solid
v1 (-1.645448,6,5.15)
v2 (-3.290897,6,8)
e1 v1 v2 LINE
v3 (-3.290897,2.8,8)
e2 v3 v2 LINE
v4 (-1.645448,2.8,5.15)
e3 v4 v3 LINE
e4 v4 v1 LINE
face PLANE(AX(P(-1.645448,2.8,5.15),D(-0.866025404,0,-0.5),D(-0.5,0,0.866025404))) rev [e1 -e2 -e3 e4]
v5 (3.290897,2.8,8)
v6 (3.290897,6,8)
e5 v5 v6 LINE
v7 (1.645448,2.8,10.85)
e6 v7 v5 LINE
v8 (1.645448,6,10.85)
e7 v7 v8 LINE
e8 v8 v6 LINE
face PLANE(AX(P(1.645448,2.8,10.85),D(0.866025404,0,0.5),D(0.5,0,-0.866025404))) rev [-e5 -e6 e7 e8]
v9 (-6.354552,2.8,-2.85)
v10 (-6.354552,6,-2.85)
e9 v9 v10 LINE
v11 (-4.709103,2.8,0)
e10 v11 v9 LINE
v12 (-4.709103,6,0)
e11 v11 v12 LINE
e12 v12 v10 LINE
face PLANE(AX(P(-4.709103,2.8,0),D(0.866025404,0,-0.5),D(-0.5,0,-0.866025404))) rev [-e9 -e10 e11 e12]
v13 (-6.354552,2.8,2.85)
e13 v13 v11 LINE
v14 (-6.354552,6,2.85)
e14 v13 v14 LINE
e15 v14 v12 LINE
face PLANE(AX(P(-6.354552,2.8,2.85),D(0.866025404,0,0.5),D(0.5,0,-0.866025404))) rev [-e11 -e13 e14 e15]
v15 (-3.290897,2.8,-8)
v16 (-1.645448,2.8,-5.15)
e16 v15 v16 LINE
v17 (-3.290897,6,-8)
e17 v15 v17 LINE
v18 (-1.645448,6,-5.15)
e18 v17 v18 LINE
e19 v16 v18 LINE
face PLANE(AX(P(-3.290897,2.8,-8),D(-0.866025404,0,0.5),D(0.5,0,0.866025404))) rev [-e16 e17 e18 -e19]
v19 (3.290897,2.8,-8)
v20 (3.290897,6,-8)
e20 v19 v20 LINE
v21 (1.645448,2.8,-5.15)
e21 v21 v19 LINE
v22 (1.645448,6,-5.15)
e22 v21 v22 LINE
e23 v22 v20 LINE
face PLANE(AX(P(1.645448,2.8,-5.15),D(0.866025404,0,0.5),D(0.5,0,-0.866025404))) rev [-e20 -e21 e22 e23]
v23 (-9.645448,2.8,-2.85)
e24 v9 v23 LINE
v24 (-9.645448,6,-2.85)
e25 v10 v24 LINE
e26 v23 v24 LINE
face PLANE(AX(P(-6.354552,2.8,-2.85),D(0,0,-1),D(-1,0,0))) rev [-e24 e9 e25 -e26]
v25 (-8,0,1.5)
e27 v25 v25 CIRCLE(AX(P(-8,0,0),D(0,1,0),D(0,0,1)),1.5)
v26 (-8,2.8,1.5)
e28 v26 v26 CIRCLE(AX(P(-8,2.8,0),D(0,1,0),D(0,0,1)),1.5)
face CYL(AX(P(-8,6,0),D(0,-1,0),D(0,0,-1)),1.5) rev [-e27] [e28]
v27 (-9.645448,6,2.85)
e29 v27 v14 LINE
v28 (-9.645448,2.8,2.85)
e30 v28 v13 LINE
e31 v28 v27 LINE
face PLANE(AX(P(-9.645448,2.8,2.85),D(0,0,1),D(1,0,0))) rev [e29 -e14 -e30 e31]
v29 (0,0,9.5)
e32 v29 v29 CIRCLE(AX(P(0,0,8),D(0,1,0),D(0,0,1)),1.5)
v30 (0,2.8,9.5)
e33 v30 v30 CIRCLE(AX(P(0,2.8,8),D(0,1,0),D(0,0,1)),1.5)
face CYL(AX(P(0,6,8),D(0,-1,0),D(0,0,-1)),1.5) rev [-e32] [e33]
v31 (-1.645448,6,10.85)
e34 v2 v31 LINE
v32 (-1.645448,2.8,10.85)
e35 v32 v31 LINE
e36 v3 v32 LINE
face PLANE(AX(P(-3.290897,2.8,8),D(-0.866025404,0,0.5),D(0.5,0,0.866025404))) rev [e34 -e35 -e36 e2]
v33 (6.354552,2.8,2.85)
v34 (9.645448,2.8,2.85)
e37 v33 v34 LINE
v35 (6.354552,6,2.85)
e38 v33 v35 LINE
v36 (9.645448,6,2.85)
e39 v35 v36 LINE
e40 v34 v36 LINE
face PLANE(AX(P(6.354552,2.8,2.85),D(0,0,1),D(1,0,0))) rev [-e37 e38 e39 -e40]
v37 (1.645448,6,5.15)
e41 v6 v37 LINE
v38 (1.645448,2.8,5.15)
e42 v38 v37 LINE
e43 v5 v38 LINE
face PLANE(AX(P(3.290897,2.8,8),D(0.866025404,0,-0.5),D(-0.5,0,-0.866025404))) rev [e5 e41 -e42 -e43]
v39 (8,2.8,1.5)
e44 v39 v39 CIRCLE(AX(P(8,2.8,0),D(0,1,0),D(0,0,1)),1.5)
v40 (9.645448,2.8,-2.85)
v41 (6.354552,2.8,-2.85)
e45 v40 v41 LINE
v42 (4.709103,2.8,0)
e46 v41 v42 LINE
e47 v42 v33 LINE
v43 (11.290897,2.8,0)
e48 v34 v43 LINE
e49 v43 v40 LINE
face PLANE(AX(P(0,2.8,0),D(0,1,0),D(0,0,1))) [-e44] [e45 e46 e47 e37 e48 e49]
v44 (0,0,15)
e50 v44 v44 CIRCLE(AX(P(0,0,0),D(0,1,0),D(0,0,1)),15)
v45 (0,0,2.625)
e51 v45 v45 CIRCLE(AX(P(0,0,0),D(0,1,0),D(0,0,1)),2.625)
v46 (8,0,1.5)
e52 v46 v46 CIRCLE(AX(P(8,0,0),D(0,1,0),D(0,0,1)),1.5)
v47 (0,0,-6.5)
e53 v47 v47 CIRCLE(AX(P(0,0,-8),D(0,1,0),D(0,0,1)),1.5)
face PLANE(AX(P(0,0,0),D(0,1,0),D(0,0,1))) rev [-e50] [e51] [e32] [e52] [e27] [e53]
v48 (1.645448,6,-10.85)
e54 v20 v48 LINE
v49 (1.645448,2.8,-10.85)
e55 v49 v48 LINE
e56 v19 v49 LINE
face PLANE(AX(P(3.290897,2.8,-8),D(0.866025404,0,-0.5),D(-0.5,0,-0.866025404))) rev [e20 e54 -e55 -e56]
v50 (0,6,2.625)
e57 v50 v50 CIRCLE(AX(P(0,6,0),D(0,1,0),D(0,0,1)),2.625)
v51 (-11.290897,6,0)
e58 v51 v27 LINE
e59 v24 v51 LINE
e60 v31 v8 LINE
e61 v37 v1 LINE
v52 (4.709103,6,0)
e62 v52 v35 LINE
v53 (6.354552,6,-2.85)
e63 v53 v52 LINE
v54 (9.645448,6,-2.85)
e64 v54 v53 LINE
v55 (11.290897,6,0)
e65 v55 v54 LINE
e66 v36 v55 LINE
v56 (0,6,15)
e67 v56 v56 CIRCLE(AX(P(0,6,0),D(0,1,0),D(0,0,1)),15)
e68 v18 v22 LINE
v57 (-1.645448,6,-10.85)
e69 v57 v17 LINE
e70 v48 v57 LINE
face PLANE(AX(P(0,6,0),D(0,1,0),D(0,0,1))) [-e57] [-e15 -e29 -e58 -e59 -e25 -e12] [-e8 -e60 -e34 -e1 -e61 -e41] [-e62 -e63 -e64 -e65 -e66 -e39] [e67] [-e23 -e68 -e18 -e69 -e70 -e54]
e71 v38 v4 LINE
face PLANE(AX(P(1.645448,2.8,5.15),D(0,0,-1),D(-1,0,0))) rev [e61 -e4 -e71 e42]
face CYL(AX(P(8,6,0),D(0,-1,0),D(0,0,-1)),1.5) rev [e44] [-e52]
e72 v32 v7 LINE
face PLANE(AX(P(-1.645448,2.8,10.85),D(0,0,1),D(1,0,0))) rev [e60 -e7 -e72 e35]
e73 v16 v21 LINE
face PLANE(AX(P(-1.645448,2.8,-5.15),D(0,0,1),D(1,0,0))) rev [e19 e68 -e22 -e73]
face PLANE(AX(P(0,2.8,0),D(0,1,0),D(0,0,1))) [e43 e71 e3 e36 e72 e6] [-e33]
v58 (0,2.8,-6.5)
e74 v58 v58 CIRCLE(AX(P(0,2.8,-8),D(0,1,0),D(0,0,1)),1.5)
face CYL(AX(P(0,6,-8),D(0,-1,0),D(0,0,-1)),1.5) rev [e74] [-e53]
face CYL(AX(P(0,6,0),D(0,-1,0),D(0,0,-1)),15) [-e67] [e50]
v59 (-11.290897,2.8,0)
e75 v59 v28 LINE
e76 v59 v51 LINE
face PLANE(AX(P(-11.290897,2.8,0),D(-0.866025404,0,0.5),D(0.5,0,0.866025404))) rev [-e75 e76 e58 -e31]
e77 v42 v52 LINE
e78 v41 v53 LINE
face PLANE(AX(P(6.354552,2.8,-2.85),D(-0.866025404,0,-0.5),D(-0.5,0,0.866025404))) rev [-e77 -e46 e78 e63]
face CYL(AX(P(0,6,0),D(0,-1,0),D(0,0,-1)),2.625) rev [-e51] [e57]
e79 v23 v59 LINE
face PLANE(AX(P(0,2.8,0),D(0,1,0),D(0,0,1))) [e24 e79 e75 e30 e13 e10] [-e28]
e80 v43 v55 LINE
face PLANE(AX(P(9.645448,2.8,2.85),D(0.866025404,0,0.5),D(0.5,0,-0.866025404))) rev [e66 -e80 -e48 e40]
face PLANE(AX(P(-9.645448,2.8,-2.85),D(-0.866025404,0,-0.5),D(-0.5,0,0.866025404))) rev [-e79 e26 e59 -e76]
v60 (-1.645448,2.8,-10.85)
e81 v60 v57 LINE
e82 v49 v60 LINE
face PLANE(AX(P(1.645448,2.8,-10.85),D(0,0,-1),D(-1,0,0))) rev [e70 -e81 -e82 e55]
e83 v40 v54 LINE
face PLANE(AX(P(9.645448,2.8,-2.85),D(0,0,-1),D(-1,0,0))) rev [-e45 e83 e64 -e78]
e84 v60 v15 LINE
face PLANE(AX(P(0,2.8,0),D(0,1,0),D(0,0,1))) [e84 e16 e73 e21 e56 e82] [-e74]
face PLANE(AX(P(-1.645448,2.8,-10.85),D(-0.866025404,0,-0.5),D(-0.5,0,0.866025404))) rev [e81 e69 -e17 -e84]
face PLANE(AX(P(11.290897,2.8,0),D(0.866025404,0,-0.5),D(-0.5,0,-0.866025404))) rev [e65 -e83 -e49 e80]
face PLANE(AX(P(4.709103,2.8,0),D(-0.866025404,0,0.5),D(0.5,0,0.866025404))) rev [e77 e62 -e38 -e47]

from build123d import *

# Parameters (mm, degrees)
SKETCH1_R           = 15
SKETCH1_R_2         = 1.5
SKETCH1_R_3         = 2.625
BOSS_EXTRUDE1_DEPTH = 6
CUT_EXTRUDE1_DEPTH  = 3.2


with BuildPart() as part:
    # Sketch1 → Boss-Extrude1 (new body)
    with BuildSketch(Plane(origin=(0, 0, 0), x_dir=(1, 0, 0), z_dir=(0, 1, 0))):
        with Locations(Location((0, 0, 0), (0, 0, 270))):
            Circle(SKETCH1_R)
        with Locations(Location((0, 8, 0), (0, 0, 270))):
            Circle(SKETCH1_R_2, mode=Mode.SUBTRACT)
        with Locations(Location((8, 0, 0), (0, 0, 270))):
            Circle(SKETCH1_R_2, mode=Mode.SUBTRACT)
        with Locations(Location((0, -8, 0), (0, 0, 270))):
            Circle(SKETCH1_R_2, mode=Mode.SUBTRACT)
        with Locations(Location((-8, 0, 0), (0, 0, 270))):
            Circle(SKETCH1_R_2, mode=Mode.SUBTRACT)
        with Locations(Location((0, 0, 0), (0, 0, 270))):
            Circle(SKETCH1_R_3, mode=Mode.SUBTRACT)
    extrude(amount=BOSS_EXTRUDE1_DEPTH)

    # Sketch2 → Cut-Extrude1 (cut)
    with BuildSketch(Plane(origin=(0, 6, 0), x_dir=(1, 0, 0), z_dir=(0, 1, 0))):
        Polygon((3.290896534, 8), (1.645448267, 10.85), (-1.645448267, 10.85), (-3.290896534, 8), (-1.645448267, 5.15), (1.645448267, 5.15), align=None)
        Polygon((11.290896534, 0), (9.645448267, 2.85), (6.354551733, 2.85), (4.709103466, 0), (6.354551733, -2.85), (9.645448267, -2.85), align=None)
        Polygon((-4.709103466, 0), (-6.354551733, 2.85), (-9.645448267, 2.85), (-11.290896534, 0), (-9.645448267, -2.85), (-6.354551733, -2.85), align=None)
        Polygon((3.290896534, -8), (1.645448267, -5.15), (-1.645448267, -5.15), (-3.290896534, -8), (-1.645448267, -10.85), (1.645448267, -10.85), align=None)
    extrude(amount=-CUT_EXTRUDE1_DEPTH, mode=Mode.SUBTRACT)


solid = part.part
